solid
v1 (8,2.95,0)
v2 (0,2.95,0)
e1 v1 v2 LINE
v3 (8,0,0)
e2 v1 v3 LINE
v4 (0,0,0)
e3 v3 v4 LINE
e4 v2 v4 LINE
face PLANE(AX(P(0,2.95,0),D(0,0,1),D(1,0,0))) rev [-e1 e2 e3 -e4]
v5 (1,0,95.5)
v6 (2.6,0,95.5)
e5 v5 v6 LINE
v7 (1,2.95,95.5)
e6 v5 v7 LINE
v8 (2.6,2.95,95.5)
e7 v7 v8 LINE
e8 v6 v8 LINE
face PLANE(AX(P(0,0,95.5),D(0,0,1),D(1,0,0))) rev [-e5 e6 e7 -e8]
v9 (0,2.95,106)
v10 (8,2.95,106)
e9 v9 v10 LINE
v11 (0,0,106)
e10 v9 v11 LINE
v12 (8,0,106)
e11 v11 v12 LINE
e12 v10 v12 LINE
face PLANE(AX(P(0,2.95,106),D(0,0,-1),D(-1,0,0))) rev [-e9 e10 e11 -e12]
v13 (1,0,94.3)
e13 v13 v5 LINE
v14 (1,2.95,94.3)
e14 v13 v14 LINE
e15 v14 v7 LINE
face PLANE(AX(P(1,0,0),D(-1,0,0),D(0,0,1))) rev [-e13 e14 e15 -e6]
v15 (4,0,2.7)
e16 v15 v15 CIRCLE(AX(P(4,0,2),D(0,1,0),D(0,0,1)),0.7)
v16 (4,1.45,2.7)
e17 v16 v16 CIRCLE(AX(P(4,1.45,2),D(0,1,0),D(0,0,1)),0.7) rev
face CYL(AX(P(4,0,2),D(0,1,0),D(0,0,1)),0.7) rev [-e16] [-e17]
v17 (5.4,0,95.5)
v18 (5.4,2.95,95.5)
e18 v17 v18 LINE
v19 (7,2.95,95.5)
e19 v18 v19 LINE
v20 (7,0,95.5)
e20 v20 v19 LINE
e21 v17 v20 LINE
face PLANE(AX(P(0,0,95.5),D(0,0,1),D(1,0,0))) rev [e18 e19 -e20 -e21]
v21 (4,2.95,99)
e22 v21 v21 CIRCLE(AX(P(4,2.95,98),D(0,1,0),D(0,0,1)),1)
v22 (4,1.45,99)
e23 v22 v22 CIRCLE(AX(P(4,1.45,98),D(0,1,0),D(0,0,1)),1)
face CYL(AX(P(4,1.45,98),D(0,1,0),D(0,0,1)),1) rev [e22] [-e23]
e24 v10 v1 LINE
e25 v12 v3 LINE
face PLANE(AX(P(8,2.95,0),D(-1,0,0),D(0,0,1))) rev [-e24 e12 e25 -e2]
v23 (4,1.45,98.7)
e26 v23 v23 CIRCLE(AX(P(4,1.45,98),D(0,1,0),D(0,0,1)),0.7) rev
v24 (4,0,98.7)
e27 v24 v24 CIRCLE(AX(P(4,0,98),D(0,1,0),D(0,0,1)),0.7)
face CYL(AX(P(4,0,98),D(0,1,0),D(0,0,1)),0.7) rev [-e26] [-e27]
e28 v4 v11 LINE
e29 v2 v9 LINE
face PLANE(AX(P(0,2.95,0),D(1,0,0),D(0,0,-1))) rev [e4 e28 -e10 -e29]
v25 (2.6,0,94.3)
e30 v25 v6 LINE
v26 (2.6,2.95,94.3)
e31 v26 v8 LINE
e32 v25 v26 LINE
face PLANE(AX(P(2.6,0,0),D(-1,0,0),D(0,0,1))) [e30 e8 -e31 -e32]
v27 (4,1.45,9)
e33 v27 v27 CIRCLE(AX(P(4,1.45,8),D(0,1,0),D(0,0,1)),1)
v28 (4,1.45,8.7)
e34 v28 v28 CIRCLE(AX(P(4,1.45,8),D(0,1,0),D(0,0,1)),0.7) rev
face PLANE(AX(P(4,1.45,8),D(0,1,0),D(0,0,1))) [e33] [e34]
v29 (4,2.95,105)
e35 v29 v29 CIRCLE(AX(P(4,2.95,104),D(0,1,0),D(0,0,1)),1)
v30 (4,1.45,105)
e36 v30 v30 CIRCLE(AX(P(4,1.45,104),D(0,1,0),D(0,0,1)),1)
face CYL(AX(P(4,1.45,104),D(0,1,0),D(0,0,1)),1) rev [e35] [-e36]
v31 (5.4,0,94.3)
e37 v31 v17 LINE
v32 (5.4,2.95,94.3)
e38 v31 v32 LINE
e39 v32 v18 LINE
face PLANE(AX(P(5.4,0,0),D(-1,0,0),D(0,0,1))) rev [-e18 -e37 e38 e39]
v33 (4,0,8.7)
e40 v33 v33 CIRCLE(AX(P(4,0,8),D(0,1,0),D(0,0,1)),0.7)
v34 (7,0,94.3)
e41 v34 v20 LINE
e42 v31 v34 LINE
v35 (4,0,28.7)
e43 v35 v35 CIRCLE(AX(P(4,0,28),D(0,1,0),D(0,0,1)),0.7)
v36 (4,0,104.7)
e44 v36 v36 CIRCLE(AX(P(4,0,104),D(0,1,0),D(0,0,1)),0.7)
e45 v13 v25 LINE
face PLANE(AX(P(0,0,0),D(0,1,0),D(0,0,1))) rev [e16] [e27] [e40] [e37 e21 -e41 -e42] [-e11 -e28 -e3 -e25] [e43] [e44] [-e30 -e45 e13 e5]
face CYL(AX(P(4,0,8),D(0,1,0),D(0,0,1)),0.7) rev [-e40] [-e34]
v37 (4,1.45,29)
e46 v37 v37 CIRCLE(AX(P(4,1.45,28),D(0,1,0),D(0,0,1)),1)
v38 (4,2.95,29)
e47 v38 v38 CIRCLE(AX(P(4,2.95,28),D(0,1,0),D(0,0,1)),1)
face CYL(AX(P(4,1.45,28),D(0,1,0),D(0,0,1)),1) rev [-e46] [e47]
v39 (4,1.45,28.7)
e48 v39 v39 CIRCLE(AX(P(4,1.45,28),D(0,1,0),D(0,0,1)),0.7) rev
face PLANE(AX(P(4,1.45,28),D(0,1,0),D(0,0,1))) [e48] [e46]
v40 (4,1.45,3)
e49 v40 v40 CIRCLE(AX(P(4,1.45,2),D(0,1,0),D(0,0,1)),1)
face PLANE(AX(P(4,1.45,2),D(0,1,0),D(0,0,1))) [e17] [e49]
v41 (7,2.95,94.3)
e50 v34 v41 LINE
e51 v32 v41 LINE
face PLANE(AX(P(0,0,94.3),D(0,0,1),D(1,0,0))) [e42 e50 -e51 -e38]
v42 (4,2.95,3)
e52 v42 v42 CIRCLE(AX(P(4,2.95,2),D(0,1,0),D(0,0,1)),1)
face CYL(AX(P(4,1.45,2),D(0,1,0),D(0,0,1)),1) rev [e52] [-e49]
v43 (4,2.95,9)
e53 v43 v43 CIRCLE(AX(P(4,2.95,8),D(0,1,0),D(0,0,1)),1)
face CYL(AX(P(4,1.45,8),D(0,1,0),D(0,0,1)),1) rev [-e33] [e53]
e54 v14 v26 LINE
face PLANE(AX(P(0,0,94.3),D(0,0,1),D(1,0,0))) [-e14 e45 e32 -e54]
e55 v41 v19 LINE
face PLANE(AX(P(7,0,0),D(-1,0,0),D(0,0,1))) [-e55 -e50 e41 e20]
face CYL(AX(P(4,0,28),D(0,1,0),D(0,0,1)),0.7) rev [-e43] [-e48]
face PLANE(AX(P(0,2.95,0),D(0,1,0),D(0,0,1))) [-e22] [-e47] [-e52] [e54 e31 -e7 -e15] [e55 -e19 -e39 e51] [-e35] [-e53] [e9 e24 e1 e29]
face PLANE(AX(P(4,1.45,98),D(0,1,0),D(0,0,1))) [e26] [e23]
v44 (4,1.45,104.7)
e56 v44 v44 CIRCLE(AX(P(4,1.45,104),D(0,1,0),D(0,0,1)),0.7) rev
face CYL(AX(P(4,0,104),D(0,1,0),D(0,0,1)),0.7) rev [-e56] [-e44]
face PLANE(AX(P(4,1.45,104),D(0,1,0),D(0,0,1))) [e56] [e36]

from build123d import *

# Parameters (mm, degrees)
SKETCH_1_W          = 8
SKETCH_1_H          = 106
EXTRUDE_1_DEPTH     = 2.95
SKETCH_2_R          = 0.7
CUT_EXTRUDE_1_DEPTH = 107.342383366
SKETCH_2_3_R        = 1
CUT_EXTRUDE_2_DEPTH = 1.5
SKETCH_3_W          = 1.6
SKETCH_3_H          = 1.2
CUT_EXTRUDE_3_DEPTH = 107.342383366


with BuildPart() as part:
    # 草图1 → 凸台-拉伸1 (new body)
    with BuildSketch(Plane(origin=(0, 0, 0), x_dir=(1, 0, 0), z_dir=(0, 1, 0))):
        with Locations((4, -53)):
            Rectangle(SKETCH_1_W, SKETCH_1_H)
    extrude(amount=EXTRUDE_1_DEPTH)

    # 草图2 → 切除-拉伸1 (cut, through all)
    with BuildSketch(Plane(origin=(0, 2.95, 0), x_dir=(1, 0, 0), z_dir=(0, 1, 0))):
        with Locations((4, -8)):
            Circle(SKETCH_2_R)
        with Locations((4, -2)):
            Circle(SKETCH_2_R)
        with Locations((4, -104)):
            Circle(SKETCH_2_R)
        with Locations((4, -98)):
            Circle(SKETCH_2_R)
        with Locations((4, -28)):
            Circle(SKETCH_2_R)
    extrude(amount=-CUT_EXTRUDE_1_DEPTH, mode=Mode.SUBTRACT)

    # 草图2<3> → 切除-拉伸2 (cut)
    with BuildSketch(Plane(origin=(0, 2.95, 0), x_dir=(1, 0, 0), z_dir=(0, 1, 0))):
        with Locations((4, -8)):
            Circle(SKETCH_2_3_R)
        with Locations((4, -2)):
            Circle(SKETCH_2_3_R)
        with Locations((4, -104)):
            Circle(SKETCH_2_3_R)
        with Locations((4, -98)):
            Circle(SKETCH_2_3_R)
        with Locations((4, -28)):
            Circle(SKETCH_2_3_R)
    extrude(amount=-CUT_EXTRUDE_2_DEPTH, mode=Mode.SUBTRACT)

    # 草图3 → 切除-拉伸3 (cut, through all)
    with BuildSketch(Plane(origin=(0, 2.95, 0), x_dir=(1, 0, 0), z_dir=(0, 1, 0))):
        with Locations((1.8, -94.9)):
            Rectangle(SKETCH_3_W, SKETCH_3_H)
        with Locations((6.2, -94.9)):
            Rectangle(SKETCH_3_W, SKETCH_3_H)
    extrude(amount=-CUT_EXTRUDE_3_DEPTH, mode=Mode.SUBTRACT)


solid = part.part
